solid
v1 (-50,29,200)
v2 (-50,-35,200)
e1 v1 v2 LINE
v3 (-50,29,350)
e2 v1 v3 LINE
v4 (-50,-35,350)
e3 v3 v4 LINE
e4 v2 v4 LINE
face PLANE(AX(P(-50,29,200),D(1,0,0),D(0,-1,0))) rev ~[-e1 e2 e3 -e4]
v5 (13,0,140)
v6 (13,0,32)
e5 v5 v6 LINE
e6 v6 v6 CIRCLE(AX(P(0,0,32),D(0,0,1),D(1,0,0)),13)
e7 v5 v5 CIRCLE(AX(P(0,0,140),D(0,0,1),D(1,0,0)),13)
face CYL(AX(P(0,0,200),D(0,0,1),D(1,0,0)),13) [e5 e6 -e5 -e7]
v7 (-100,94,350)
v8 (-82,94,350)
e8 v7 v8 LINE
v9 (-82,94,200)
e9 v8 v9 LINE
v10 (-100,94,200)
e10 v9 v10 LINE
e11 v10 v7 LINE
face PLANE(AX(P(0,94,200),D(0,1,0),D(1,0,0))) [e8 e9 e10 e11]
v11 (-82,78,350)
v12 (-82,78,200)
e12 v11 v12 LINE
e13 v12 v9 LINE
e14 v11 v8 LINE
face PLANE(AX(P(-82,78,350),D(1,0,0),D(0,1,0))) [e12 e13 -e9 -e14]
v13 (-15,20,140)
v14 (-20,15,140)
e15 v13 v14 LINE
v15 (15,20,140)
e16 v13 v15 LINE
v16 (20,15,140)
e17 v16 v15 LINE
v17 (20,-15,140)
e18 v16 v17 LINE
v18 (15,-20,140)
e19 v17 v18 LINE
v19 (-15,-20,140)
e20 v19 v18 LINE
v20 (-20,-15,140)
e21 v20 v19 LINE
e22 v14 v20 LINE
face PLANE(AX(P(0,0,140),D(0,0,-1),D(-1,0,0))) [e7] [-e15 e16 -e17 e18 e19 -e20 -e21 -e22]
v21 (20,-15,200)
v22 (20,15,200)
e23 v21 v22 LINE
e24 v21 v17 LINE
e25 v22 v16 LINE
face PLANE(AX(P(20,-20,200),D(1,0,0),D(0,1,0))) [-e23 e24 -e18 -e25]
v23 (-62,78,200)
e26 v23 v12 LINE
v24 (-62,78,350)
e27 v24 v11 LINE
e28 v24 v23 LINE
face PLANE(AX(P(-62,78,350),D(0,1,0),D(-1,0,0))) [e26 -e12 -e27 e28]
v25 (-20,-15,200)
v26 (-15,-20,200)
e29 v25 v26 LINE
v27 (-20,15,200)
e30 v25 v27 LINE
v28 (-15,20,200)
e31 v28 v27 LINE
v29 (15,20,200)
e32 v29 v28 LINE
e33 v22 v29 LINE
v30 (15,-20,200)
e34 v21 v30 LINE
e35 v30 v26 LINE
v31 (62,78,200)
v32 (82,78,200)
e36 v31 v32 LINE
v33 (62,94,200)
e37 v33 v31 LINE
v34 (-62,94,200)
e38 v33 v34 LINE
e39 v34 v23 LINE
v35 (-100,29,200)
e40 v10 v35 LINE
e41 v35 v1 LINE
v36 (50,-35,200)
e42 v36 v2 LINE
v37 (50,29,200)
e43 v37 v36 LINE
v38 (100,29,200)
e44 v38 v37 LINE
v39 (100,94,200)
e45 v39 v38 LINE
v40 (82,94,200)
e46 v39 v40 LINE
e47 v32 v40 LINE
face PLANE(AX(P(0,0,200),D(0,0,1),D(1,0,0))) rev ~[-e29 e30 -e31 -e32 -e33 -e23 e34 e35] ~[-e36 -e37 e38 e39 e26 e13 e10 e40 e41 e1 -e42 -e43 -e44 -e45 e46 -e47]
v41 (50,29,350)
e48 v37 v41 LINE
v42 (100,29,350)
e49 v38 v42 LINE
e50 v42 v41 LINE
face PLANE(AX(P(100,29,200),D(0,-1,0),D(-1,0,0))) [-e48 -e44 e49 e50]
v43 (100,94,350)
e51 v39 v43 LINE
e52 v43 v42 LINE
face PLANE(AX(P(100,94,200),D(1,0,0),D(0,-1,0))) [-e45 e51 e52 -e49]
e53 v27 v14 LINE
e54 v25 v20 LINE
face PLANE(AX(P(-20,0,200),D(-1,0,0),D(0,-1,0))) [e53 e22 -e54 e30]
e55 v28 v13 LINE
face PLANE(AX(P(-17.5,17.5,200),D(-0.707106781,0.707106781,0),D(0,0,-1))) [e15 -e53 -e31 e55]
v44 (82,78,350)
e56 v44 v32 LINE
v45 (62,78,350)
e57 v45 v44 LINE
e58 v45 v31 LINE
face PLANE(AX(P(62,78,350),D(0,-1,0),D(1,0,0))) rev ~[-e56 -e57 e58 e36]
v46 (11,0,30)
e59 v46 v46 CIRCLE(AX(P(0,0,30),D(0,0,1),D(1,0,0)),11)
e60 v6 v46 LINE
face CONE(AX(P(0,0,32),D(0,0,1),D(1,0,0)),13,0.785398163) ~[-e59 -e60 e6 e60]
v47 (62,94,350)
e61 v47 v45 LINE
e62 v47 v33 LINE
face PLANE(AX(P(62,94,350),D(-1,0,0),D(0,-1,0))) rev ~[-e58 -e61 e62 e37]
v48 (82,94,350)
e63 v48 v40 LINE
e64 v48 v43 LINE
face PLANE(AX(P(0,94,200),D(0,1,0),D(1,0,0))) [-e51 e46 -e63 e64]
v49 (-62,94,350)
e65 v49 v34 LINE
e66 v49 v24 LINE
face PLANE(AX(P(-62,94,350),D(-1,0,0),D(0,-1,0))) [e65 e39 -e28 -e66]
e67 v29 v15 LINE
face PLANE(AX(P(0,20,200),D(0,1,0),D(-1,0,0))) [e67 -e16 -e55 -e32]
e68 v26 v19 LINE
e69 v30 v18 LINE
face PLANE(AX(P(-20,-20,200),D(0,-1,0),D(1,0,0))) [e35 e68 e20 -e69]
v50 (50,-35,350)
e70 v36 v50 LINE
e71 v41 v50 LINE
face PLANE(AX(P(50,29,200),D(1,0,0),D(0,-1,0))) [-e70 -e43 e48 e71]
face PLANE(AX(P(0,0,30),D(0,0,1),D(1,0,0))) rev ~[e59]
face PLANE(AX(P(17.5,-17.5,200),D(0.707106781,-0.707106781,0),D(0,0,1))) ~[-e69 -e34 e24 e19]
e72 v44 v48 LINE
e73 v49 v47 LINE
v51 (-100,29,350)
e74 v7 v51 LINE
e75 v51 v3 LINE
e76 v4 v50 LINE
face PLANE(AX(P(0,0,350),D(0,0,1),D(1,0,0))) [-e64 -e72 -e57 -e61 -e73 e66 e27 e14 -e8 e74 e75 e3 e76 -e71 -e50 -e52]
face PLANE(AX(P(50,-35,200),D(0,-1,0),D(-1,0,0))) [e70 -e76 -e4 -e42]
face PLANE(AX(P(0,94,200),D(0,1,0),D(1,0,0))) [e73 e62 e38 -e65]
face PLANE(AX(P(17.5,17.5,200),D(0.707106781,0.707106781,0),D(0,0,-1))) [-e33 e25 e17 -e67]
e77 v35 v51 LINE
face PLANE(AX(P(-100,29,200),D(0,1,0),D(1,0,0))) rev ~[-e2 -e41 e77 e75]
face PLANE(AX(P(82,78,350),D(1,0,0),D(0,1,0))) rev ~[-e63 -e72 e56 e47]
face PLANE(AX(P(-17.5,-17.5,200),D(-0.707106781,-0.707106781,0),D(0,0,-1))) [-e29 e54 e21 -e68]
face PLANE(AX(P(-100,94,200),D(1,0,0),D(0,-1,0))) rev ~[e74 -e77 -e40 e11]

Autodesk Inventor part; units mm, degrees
ref_plane "YZ Plane" through (0, 0, 0) normal (1, 0, 0) x (0, 1, 0)
ref_plane "XZ Plane" through (0, 0, 0) normal (0, 1, 0) x (-1, 0, 0)
ref_plane "Work Plane1" through (0, 0, 200) normal (0, 0, 1) x (1, 0, 0)
sketch "Sketch1" plane through (0, 0, 200) normal (0, 0, 1) x (1, 0, 0)
  line L0 (0, 8.259) -> (0, -5.5938)
  line L1 (-6.2911, 0) -> (6.8799, 0)
  line L2 (0, 94) -> (-100, 94)
  line L3 (-100, 94) -> (-100, 29)
  line L4 (-100, 29) -> (-50, 29)
  line L5 (-50, 29) -> (-50, -35)
  line L6 (-50, -35) -> (0, -35)
  line L7 (0, 94) -> (100, 94)
  line L8 (100, 94) -> (100, 29)
  line L9 (100, 29) -> (50, 29)
  line L10 (50, 29) -> (50, -35)
  line L11 (50, -35) -> (0, -35)
  point P0 (0, 0)
  dimension "d1" = 100
  dimension "d2" = 188
  dimension "d3" = 65
  dimension "d5" = 50
  dimension "d21" = 64
extrude "Extrusion1" add sketch "Sketch1" along normal blind 150
sketch "Sketch2" plane through (0, 0, 200) normal (0, 0, 1) x (1, 0, 0)
  circle A0 centre (0, 0) radius 13
  dimension "d8" = 26
extrude "Extrusion2" add sketch "Sketch2" against normal blind 170
sketch "Sketch3" plane through (0, 0, 200) normal (0, 0, -1) x (-1, 0, 0)
  line L0 (20, -20) -> (-20, -20)
  line L1 (-20, -20) -> (-20, 20)
  line L2 (-20, 20) -> (20, 20)
  line L3 (20, 20) -> (20, -20)
  line L4 (0, -60.8) -> (0, 119.8) projected
  line L5 (140, 0) -> (-140, 0) projected
  point P0 (0, 0)
  dimension "d11" = 40
  dimension "d12" = 40
extrude "Extrusion3" add sketch "Sketch3" along normal blind 60
chamfer "Chamfer1" distance 5 angle 45 4 edges at (-20, -20, 170) (-20, 20, 170) (20, -20, 170) (20, 20, 170)
chamfer "Chamfer2" distance 2 angle 45 1 edges at (-13, 0, 30)
sketch "Sketch4" plane through (0, 0, 350) normal (0, 0, 1) x (1, 0, 0)
  line L0 (0, -53.3893) -> (0, 113.7531)
  line L1 (100, 94) -> (-100, 94) projected
  line L2 (82, 94) -> (62, 94)
  line L3 (62, 94) -> (62, 78)
  line L4 (62, 78) -> (82, 78)
  line L5 (82, 78) -> (82, 94)
  line L6 (100, 29) -> (100, 94) projected
  line L7 (-82, 94) -> (-62, 94)
  line L8 (-62, 94) -> (-62, 78)
  line L9 (-62, 78) -> (-82, 78)
  line L10 (-82, 78) -> (-82, 94)
  point P0 (0, 0)
  dimension "d22" = 20
  dimension "d23" = 16
  dimension "d24" = 18
extrude "Extrusion4" cut sketch "Sketch4" against normal through all
properties part number "Z_axis"
